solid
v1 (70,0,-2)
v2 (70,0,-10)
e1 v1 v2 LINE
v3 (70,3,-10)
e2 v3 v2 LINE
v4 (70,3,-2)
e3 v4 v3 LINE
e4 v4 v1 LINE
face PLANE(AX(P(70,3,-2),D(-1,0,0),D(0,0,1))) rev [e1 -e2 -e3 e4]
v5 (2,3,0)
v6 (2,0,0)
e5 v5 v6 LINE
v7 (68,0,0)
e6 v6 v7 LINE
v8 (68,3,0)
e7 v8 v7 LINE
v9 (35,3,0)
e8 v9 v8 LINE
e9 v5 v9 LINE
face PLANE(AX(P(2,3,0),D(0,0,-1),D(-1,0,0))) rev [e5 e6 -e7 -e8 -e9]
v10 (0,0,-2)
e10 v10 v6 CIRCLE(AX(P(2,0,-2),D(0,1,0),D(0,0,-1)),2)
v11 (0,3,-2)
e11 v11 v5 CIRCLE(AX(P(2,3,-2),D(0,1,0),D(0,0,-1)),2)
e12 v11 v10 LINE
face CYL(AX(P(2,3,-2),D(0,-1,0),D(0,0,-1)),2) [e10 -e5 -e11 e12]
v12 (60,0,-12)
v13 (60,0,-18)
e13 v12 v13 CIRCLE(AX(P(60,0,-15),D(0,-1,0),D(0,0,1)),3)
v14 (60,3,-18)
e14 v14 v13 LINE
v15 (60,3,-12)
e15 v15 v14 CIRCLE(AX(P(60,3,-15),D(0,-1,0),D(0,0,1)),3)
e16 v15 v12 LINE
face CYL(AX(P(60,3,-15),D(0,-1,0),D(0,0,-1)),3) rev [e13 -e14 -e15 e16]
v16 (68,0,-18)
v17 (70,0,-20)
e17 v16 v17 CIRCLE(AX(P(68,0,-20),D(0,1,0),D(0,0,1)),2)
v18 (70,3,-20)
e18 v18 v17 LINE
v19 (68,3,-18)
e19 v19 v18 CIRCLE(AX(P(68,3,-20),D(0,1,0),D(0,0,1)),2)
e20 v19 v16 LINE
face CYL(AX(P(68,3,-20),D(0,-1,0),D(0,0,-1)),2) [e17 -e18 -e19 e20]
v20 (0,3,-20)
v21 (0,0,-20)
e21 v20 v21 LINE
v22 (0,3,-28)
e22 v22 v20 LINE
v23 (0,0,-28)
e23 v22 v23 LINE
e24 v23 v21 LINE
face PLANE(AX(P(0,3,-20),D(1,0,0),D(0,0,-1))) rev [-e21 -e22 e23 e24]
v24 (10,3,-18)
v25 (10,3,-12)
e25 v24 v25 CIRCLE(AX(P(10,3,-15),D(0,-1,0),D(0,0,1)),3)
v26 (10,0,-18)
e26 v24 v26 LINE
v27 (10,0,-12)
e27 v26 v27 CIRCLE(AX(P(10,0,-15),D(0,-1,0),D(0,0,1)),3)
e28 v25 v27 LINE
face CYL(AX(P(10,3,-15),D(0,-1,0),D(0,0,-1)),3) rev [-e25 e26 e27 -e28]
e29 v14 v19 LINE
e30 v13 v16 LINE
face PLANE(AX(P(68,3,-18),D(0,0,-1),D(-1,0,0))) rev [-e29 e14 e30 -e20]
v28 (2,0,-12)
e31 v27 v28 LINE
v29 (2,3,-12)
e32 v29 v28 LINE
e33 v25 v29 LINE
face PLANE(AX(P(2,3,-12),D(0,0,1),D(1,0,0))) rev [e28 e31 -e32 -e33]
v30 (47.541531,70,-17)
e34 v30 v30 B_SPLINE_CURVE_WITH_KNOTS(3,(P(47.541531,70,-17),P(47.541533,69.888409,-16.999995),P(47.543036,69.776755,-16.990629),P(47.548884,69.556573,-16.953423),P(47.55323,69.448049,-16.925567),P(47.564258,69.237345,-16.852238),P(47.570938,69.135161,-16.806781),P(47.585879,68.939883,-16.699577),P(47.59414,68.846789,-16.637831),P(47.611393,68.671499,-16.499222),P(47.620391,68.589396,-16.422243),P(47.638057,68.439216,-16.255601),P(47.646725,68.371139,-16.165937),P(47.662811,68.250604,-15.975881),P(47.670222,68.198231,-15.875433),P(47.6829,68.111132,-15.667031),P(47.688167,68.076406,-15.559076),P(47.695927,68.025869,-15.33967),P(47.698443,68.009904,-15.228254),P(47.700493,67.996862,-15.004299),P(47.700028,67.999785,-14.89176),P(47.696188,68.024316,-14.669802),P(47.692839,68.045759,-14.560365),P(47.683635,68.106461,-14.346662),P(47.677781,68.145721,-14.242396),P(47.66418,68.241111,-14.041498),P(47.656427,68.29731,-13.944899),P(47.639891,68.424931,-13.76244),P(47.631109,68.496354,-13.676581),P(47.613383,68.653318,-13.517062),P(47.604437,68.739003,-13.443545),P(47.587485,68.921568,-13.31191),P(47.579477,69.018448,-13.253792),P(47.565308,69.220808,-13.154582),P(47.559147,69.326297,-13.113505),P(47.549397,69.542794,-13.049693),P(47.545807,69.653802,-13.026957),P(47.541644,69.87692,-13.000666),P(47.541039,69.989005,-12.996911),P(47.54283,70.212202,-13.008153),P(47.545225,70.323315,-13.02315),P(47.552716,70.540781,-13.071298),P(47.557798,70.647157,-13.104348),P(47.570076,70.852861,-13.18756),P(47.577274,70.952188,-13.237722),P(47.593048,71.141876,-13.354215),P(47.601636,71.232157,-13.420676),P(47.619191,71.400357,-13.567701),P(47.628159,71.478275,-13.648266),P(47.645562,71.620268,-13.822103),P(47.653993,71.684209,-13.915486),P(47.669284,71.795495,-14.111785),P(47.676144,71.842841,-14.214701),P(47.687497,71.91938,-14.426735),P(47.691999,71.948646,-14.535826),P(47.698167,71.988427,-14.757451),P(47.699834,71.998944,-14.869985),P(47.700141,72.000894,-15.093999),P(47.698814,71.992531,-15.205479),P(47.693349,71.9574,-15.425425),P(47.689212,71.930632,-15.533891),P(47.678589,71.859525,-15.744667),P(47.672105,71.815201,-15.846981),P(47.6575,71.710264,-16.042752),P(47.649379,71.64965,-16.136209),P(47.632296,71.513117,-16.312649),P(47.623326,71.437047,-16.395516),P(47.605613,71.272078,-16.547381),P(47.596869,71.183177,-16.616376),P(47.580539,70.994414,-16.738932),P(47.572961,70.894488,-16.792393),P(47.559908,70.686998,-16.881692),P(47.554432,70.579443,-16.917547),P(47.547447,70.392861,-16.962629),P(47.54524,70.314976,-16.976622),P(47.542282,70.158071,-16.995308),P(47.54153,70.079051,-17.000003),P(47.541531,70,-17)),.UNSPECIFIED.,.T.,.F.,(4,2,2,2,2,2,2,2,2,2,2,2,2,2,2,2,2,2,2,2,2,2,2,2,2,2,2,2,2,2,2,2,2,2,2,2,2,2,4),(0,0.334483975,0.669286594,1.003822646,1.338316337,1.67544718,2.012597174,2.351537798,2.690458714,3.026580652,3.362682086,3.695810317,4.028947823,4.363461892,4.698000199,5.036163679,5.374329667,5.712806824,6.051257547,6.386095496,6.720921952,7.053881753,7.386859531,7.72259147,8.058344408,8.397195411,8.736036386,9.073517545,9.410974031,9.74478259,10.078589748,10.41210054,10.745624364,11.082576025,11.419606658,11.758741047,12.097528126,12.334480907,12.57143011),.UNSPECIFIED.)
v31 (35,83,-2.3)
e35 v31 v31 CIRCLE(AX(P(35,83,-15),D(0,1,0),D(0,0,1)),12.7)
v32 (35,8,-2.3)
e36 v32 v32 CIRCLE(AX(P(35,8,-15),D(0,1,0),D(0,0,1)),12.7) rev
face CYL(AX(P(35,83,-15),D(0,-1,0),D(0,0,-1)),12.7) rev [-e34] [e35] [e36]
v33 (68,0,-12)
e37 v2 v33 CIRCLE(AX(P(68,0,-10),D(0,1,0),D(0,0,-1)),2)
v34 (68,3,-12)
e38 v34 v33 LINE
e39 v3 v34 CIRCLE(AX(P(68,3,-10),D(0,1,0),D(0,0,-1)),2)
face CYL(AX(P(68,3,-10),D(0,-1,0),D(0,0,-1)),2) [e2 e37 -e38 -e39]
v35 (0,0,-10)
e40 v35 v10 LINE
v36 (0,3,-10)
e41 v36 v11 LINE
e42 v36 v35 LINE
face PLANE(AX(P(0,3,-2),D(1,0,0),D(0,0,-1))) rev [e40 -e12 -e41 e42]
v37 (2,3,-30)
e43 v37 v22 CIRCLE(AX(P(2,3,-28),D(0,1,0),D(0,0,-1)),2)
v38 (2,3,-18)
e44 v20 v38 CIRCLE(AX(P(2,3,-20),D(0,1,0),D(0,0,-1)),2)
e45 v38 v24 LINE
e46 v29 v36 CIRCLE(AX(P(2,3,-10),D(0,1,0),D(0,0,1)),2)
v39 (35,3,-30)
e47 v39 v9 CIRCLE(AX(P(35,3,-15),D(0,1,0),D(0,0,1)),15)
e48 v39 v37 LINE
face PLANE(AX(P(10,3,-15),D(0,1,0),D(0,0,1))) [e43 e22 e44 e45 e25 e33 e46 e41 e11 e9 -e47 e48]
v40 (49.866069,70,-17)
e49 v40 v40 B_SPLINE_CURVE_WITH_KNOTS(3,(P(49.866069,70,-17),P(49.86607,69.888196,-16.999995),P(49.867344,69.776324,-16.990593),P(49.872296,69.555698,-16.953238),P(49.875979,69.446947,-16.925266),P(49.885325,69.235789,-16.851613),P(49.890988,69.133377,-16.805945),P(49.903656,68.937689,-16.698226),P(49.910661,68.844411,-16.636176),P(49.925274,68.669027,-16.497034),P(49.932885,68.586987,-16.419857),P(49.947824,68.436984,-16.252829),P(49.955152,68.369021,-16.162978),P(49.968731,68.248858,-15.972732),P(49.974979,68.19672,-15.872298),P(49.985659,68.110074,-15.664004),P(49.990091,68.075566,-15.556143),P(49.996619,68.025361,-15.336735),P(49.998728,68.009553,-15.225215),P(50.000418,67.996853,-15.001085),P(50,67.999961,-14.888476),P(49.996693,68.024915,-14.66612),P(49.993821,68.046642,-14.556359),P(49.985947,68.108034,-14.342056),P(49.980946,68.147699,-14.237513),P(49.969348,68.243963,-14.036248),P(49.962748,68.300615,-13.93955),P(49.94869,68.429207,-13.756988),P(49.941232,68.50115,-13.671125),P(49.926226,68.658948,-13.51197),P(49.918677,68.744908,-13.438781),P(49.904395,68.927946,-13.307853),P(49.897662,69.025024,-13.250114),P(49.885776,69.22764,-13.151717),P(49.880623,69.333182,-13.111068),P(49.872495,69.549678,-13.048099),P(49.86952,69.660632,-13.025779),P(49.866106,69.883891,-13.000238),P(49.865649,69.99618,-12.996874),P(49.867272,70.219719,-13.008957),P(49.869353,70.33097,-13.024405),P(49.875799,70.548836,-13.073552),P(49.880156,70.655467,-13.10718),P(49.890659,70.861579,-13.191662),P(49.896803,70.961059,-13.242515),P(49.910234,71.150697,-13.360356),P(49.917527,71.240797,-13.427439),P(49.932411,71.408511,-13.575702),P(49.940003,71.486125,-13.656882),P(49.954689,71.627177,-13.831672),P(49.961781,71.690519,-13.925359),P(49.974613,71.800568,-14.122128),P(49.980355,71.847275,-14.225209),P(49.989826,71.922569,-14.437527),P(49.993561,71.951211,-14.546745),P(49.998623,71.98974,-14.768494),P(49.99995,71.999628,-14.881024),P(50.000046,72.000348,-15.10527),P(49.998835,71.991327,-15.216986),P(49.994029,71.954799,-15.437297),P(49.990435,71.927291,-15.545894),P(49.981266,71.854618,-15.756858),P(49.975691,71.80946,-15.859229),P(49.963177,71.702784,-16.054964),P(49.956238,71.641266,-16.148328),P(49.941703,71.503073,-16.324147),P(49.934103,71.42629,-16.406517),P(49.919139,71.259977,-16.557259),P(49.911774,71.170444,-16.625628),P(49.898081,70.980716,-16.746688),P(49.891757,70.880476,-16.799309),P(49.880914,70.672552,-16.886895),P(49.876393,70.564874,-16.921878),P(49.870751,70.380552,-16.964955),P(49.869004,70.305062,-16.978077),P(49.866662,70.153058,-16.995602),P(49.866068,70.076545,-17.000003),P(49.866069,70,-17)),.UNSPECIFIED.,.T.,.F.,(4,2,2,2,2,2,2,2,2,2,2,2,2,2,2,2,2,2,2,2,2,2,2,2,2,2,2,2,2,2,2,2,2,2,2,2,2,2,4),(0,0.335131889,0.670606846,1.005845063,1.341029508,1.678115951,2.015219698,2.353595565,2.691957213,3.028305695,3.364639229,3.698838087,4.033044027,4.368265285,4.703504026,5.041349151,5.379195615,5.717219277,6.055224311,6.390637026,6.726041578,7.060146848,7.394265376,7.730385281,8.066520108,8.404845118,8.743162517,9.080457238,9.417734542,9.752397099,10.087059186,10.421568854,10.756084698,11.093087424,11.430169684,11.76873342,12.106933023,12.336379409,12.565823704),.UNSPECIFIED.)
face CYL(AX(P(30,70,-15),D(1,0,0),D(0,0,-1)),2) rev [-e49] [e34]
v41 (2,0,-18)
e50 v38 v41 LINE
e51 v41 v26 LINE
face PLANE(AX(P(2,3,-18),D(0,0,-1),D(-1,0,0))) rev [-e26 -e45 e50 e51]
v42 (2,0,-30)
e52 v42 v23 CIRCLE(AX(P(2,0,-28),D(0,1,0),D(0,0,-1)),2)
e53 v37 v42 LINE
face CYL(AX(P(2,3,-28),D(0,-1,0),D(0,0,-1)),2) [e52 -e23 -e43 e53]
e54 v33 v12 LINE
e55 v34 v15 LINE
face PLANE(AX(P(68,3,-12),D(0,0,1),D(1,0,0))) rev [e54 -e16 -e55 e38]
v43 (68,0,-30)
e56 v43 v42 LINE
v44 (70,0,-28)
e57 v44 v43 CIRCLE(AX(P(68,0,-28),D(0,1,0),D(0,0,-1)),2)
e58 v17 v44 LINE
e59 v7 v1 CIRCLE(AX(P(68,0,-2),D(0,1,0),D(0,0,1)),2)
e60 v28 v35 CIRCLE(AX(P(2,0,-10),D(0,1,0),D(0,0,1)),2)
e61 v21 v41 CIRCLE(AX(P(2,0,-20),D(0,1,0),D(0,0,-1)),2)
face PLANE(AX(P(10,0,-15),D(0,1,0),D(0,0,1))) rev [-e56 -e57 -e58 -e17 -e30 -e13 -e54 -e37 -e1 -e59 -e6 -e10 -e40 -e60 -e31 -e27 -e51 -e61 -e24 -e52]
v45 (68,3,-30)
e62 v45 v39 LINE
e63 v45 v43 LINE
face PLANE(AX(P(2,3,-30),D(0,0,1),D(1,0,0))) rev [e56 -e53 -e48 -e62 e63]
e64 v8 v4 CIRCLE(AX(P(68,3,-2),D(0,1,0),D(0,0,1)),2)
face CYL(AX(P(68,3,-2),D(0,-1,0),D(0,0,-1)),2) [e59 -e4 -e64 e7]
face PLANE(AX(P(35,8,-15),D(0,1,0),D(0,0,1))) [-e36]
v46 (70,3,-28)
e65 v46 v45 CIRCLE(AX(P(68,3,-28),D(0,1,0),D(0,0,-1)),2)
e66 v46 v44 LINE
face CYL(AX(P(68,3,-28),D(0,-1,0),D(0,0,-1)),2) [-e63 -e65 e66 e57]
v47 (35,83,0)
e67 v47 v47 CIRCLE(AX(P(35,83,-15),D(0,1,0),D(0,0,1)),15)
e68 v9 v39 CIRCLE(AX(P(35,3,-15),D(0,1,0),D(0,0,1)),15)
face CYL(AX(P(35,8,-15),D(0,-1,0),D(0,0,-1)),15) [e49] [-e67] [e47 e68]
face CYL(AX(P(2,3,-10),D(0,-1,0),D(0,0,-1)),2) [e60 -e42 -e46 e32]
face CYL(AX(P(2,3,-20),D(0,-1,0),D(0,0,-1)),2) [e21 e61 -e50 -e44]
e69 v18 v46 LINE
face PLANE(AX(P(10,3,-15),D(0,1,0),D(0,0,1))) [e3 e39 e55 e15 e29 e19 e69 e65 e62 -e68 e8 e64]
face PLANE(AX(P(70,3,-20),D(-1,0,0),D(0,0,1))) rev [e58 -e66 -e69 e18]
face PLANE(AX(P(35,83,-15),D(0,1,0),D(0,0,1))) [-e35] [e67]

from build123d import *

# Parameters (mm, degrees)
BOSS_EXTRUDE2_DEPTH = 3
SKETCH3_R           = 15
BOSS_EXTRUDE3_DEPTH = 5
SKETCH4_R           = 15
SKETCH4_R_2         = 12.7
BOSS_EXTRUDE5_DEPTH = 75
SKETCH5_R           = 2
CUT_EXTRUDE1_DEPTH  = 40


with BuildPart() as part:
    # Sketch1 → Boss-Extrude2 (new body)
    with BuildSketch(Plane(origin=(0, 0, 0), x_dir=(1, 0, 0), z_dir=(0, 1, 0))):
        with BuildLine():
            Line((2, 0), (68, 0))
            ThreePointArc((68, 0), (69.414213562, 0.585786438), (70, 2))
            Line((70, 2), (70, 10))
            ThreePointArc((70, 10), (69.414213562, 11.414213562), (68, 12))
            Line((68, 12), (60, 12))
            ThreePointArc((60, 12), (57, 15), (60, 18))
            Line((60, 18), (68, 18))
            ThreePointArc((68, 18), (69.414213562, 18.585786438), (70, 20))
            Line((70, 20), (70, 28))
            ThreePointArc((70, 28), (69.414213562, 29.414213562), (68, 30))
            Line((68, 30), (2, 30))
            ThreePointArc((2, 30), (0.585786438, 29.414213562), (0, 28))
            Line((0, 28), (0, 20))
            ThreePointArc((0, 20), (0.585786438, 18.585786438), (2, 18))
            Line((2, 18), (10, 18))
            ThreePointArc((10, 18), (13, 15), (10, 12))
            Line((10, 12), (2, 12))
            ThreePointArc((2, 12), (0.585786438, 11.414213562), (0, 10))
            Line((0, 10), (0, 2))
            ThreePointArc((0, 2), (0.585786438, 0.585786438), (2, 0))
        make_face()
    extrude(amount=BOSS_EXTRUDE2_DEPTH)

    # Sketch3 → Boss-Extrude3 (add)
    with BuildSketch(Plane(origin=(0, 3, 0), x_dir=(1, 0, 0), z_dir=(0, 1, 0))):
        with Locations(Location((35, 15, 0), (0, 0, 270))):
            Circle(SKETCH3_R)
    extrude(amount=BOSS_EXTRUDE3_DEPTH)

    # Sketch4 → Boss-Extrude5 (add)
    with BuildSketch(Plane(origin=(0, 8, 0), x_dir=(1, 0, 0), z_dir=(0, 1, 0))):
        with Locations(Location((35, 15, 0), (0, 0, 270))):
            Circle(SKETCH4_R)
        with Locations(Location((35, 15, 0), (0, 0, 270))):
            Circle(SKETCH4_R_2, mode=Mode.SUBTRACT)
    extrude(amount=BOSS_EXTRUDE5_DEPTH)

    # Sketch5 → Cut-Extrude1 (cut)
    with BuildSketch(Plane(origin=(70, 0, 0), x_dir=(0, 0, -1), z_dir=(1, 0, 0))):
        with Locations((15, 70)):
            Circle(SKETCH5_R)
    extrude(amount=-CUT_EXTRUDE1_DEPTH, mode=Mode.SUBTRACT)


solid = part.part
